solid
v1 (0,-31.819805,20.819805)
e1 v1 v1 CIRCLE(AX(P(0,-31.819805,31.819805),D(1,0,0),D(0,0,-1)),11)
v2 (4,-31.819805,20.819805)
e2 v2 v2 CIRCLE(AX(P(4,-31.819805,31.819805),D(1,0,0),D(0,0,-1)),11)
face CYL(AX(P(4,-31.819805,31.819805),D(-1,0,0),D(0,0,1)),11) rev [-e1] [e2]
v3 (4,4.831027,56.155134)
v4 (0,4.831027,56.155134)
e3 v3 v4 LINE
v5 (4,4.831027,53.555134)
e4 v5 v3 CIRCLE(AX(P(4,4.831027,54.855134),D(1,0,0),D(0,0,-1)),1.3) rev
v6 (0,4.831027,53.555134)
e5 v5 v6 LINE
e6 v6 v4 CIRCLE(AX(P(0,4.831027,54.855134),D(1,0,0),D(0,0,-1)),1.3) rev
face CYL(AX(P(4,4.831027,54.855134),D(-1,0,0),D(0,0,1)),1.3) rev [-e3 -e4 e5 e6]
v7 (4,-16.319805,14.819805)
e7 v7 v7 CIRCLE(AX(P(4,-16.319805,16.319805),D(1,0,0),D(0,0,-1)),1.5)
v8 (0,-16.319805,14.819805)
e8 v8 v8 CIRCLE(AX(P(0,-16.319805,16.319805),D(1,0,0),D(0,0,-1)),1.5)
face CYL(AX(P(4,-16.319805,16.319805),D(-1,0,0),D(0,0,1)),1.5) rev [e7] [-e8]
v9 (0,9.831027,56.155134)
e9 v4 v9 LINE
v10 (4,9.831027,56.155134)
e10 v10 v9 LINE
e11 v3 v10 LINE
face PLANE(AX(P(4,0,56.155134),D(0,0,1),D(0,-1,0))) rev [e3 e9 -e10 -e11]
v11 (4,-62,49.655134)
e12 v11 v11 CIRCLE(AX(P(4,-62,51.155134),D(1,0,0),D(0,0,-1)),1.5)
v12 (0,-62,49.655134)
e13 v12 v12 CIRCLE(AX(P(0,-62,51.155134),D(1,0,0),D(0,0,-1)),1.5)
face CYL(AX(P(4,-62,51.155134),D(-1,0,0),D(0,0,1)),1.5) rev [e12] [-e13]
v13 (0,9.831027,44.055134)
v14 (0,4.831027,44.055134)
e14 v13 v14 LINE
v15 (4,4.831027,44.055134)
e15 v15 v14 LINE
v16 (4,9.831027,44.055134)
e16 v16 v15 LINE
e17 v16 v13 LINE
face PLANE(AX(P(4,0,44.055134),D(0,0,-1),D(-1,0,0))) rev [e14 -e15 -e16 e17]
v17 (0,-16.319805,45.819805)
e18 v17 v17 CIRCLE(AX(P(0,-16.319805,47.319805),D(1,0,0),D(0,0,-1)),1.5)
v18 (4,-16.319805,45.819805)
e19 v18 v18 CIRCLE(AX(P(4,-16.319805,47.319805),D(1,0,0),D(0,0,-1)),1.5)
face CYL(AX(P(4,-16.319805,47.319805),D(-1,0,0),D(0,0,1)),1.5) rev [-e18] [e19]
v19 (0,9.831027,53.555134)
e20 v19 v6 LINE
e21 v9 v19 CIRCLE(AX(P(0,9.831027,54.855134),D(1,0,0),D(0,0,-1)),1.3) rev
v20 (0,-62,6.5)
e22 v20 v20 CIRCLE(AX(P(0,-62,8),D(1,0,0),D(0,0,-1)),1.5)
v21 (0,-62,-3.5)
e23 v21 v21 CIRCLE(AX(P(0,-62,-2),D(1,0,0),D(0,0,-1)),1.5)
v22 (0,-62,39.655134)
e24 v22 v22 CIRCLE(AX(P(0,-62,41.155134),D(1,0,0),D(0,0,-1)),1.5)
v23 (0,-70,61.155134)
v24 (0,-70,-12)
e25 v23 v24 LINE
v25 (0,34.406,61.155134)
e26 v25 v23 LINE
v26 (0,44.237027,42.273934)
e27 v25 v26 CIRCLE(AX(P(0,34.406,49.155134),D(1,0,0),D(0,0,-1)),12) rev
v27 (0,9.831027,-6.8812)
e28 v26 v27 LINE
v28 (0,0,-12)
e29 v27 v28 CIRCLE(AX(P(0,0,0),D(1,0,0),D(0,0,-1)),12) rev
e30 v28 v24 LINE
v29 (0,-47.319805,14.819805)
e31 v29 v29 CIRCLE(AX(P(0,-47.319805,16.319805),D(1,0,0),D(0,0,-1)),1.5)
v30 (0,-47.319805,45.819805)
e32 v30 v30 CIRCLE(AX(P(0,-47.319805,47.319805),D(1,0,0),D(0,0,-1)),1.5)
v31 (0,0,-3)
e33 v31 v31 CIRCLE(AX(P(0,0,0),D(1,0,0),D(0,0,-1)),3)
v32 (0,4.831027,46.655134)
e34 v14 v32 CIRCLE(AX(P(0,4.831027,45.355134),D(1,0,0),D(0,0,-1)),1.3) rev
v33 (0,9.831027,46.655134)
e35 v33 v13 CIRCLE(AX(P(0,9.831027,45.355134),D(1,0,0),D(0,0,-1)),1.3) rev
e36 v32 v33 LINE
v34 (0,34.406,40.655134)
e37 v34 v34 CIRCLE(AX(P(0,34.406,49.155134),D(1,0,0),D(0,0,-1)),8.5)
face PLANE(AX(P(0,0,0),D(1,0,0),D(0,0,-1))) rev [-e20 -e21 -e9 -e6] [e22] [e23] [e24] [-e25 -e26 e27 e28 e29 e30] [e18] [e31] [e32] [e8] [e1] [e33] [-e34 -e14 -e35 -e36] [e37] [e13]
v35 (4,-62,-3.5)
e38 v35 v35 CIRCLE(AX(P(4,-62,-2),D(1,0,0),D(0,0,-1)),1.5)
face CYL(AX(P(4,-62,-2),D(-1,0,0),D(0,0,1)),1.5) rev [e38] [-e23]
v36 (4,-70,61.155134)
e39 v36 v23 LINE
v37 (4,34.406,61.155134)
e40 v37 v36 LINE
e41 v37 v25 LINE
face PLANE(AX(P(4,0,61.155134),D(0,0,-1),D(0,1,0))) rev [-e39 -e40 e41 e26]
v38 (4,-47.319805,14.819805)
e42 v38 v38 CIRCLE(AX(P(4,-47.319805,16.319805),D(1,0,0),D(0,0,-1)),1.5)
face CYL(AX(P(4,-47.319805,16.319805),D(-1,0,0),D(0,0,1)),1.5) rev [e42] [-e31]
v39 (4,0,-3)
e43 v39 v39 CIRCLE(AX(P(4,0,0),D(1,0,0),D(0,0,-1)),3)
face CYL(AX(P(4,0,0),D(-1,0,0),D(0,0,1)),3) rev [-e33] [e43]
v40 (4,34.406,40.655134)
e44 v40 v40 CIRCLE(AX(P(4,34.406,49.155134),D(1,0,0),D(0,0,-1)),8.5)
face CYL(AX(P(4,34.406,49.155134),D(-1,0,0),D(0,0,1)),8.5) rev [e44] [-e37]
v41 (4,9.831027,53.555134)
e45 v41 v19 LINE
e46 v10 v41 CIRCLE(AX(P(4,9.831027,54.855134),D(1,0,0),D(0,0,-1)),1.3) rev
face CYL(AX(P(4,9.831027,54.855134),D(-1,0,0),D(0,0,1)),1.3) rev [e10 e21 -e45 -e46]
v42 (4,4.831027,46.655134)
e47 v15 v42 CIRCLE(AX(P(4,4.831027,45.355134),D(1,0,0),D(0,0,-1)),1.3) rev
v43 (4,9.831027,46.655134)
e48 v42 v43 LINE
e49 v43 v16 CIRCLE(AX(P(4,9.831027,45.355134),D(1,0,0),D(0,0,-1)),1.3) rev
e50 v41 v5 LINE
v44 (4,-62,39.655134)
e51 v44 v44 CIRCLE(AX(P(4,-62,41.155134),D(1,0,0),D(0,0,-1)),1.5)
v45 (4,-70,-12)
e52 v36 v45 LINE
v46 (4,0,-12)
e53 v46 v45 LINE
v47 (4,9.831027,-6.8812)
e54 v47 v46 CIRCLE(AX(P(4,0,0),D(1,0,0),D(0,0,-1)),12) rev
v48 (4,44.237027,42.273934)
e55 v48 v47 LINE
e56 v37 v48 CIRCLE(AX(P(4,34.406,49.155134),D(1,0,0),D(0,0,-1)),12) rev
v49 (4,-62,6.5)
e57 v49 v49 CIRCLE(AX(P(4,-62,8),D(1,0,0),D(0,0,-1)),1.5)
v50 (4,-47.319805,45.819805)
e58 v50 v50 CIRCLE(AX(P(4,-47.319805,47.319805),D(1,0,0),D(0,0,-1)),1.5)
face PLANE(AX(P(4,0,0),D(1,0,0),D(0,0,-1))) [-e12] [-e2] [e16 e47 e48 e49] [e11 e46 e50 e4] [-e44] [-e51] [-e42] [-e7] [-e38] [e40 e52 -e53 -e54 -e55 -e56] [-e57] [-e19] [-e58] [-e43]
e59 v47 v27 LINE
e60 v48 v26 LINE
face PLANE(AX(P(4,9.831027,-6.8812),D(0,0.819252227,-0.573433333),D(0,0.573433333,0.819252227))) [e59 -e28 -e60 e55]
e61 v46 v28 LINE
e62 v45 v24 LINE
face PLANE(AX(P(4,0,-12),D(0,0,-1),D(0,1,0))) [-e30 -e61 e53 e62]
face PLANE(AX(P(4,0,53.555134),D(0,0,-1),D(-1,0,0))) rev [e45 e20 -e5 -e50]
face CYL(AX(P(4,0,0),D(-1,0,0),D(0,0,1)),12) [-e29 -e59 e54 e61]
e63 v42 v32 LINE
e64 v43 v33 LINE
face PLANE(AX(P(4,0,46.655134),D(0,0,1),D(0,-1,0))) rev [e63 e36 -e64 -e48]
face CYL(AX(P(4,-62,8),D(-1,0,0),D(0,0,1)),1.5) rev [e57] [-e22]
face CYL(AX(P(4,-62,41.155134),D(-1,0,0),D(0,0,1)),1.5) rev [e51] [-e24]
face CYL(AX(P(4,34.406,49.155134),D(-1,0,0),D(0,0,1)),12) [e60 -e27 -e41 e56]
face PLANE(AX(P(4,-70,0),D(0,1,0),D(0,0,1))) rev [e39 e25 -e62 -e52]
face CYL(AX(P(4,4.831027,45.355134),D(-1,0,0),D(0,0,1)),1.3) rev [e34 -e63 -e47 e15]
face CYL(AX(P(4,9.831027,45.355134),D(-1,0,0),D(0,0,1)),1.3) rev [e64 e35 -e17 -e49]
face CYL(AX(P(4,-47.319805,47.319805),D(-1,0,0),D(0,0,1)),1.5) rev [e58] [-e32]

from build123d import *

# Parameters (mm, degrees)
SKETCH_1_R      = 3
SKETCH_1_R_2    = 8.5
SKETCH_1_R_3    = 11
SKETCH_1_R_4    = 1.5
EXTRUDE_1_DEPTH = 4


with BuildPart() as part:
    # 草图1 → 凸台-拉伸1 (new body)
    with BuildSketch(Plane(origin=(0, 0, 0), x_dir=(0, 0, -1), z_dir=(1, 0, 0))):
        with BuildLine():
            Line((-42.273933648, 44.23702673), (6.8812, 9.83102673))
            ThreePointArc((6.8812, 9.83102673), (10.643645992, 5.541913027), (12, 0))
            Line((12, 0), (12, -70))
            Line((12, -70), (-61.155133648, -70))
            Line((-61.155133648, -70), (-61.155133648, 34.406))
            ThreePointArc((-61.155133648, 34.406), (-54.697046676, 45.049645992), (-42.273933648, 44.23702673))
        make_face()
        Circle(SKETCH_1_R, mode=Mode.SUBTRACT)
        with Locations((-49.155133648, 34.406)):
            Circle(SKETCH_1_R_2, mode=Mode.SUBTRACT)
        with Locations((-31.819805153, -31.819805153)):
            Circle(SKETCH_1_R_3, mode=Mode.SUBTRACT)
        with Locations((2, -62)):
            Circle(SKETCH_1_R_4, mode=Mode.SUBTRACT)
        with Locations((-8, -62)):
            Circle(SKETCH_1_R_4, mode=Mode.SUBTRACT)
        with Locations((-41.155133648, -62)):
            Circle(SKETCH_1_R_4, mode=Mode.SUBTRACT)
        with Locations((-51.155133648, -62)):
            Circle(SKETCH_1_R_4, mode=Mode.SUBTRACT)
        with Locations((-16.319805153, -16.319805153)):
            Circle(SKETCH_1_R_4, mode=Mode.SUBTRACT)
        with Locations((-16.319805153, -47.319805147)):
            Circle(SKETCH_1_R_4, mode=Mode.SUBTRACT)
        with Locations((-47.319805147, -47.319805147)):
            Circle(SKETCH_1_R_4, mode=Mode.SUBTRACT)
        with Locations((-47.319805147, -16.319805153)):
            Circle(SKETCH_1_R_4, mode=Mode.SUBTRACT)
        with BuildLine():
            Line((-53.555133648, 9.83102673), (-53.555133648, 4.83102673))
            ThreePointArc((-53.555133648, 4.83102673), (-54.855133648, 3.53102673), (-56.155133648, 4.83102673))
            Line((-56.155133648, 4.83102673), (-56.155133648, 9.83102673))
            ThreePointArc((-56.155133648, 9.83102673), (-54.855133648, 11.13102673), (-53.555133648, 9.83102673))
        make_face(mode=Mode.SUBTRACT)
        with BuildLine():
            Line((-44.055133648, 9.83102673), (-44.055133648, 4.83102673))
            ThreePointArc((-44.055133648, 4.83102673), (-45.355133648, 3.53102673), (-46.655133648, 4.83102673))
            Line((-46.655133648, 4.83102673), (-46.655133648, 9.83102673))
            ThreePointArc((-46.655133648, 9.83102673), (-45.355133648, 11.13102673), (-44.055133648, 9.83102673))
        make_face(mode=Mode.SUBTRACT)
    extrude(amount=EXTRUDE_1_DEPTH)


solid = part.part
